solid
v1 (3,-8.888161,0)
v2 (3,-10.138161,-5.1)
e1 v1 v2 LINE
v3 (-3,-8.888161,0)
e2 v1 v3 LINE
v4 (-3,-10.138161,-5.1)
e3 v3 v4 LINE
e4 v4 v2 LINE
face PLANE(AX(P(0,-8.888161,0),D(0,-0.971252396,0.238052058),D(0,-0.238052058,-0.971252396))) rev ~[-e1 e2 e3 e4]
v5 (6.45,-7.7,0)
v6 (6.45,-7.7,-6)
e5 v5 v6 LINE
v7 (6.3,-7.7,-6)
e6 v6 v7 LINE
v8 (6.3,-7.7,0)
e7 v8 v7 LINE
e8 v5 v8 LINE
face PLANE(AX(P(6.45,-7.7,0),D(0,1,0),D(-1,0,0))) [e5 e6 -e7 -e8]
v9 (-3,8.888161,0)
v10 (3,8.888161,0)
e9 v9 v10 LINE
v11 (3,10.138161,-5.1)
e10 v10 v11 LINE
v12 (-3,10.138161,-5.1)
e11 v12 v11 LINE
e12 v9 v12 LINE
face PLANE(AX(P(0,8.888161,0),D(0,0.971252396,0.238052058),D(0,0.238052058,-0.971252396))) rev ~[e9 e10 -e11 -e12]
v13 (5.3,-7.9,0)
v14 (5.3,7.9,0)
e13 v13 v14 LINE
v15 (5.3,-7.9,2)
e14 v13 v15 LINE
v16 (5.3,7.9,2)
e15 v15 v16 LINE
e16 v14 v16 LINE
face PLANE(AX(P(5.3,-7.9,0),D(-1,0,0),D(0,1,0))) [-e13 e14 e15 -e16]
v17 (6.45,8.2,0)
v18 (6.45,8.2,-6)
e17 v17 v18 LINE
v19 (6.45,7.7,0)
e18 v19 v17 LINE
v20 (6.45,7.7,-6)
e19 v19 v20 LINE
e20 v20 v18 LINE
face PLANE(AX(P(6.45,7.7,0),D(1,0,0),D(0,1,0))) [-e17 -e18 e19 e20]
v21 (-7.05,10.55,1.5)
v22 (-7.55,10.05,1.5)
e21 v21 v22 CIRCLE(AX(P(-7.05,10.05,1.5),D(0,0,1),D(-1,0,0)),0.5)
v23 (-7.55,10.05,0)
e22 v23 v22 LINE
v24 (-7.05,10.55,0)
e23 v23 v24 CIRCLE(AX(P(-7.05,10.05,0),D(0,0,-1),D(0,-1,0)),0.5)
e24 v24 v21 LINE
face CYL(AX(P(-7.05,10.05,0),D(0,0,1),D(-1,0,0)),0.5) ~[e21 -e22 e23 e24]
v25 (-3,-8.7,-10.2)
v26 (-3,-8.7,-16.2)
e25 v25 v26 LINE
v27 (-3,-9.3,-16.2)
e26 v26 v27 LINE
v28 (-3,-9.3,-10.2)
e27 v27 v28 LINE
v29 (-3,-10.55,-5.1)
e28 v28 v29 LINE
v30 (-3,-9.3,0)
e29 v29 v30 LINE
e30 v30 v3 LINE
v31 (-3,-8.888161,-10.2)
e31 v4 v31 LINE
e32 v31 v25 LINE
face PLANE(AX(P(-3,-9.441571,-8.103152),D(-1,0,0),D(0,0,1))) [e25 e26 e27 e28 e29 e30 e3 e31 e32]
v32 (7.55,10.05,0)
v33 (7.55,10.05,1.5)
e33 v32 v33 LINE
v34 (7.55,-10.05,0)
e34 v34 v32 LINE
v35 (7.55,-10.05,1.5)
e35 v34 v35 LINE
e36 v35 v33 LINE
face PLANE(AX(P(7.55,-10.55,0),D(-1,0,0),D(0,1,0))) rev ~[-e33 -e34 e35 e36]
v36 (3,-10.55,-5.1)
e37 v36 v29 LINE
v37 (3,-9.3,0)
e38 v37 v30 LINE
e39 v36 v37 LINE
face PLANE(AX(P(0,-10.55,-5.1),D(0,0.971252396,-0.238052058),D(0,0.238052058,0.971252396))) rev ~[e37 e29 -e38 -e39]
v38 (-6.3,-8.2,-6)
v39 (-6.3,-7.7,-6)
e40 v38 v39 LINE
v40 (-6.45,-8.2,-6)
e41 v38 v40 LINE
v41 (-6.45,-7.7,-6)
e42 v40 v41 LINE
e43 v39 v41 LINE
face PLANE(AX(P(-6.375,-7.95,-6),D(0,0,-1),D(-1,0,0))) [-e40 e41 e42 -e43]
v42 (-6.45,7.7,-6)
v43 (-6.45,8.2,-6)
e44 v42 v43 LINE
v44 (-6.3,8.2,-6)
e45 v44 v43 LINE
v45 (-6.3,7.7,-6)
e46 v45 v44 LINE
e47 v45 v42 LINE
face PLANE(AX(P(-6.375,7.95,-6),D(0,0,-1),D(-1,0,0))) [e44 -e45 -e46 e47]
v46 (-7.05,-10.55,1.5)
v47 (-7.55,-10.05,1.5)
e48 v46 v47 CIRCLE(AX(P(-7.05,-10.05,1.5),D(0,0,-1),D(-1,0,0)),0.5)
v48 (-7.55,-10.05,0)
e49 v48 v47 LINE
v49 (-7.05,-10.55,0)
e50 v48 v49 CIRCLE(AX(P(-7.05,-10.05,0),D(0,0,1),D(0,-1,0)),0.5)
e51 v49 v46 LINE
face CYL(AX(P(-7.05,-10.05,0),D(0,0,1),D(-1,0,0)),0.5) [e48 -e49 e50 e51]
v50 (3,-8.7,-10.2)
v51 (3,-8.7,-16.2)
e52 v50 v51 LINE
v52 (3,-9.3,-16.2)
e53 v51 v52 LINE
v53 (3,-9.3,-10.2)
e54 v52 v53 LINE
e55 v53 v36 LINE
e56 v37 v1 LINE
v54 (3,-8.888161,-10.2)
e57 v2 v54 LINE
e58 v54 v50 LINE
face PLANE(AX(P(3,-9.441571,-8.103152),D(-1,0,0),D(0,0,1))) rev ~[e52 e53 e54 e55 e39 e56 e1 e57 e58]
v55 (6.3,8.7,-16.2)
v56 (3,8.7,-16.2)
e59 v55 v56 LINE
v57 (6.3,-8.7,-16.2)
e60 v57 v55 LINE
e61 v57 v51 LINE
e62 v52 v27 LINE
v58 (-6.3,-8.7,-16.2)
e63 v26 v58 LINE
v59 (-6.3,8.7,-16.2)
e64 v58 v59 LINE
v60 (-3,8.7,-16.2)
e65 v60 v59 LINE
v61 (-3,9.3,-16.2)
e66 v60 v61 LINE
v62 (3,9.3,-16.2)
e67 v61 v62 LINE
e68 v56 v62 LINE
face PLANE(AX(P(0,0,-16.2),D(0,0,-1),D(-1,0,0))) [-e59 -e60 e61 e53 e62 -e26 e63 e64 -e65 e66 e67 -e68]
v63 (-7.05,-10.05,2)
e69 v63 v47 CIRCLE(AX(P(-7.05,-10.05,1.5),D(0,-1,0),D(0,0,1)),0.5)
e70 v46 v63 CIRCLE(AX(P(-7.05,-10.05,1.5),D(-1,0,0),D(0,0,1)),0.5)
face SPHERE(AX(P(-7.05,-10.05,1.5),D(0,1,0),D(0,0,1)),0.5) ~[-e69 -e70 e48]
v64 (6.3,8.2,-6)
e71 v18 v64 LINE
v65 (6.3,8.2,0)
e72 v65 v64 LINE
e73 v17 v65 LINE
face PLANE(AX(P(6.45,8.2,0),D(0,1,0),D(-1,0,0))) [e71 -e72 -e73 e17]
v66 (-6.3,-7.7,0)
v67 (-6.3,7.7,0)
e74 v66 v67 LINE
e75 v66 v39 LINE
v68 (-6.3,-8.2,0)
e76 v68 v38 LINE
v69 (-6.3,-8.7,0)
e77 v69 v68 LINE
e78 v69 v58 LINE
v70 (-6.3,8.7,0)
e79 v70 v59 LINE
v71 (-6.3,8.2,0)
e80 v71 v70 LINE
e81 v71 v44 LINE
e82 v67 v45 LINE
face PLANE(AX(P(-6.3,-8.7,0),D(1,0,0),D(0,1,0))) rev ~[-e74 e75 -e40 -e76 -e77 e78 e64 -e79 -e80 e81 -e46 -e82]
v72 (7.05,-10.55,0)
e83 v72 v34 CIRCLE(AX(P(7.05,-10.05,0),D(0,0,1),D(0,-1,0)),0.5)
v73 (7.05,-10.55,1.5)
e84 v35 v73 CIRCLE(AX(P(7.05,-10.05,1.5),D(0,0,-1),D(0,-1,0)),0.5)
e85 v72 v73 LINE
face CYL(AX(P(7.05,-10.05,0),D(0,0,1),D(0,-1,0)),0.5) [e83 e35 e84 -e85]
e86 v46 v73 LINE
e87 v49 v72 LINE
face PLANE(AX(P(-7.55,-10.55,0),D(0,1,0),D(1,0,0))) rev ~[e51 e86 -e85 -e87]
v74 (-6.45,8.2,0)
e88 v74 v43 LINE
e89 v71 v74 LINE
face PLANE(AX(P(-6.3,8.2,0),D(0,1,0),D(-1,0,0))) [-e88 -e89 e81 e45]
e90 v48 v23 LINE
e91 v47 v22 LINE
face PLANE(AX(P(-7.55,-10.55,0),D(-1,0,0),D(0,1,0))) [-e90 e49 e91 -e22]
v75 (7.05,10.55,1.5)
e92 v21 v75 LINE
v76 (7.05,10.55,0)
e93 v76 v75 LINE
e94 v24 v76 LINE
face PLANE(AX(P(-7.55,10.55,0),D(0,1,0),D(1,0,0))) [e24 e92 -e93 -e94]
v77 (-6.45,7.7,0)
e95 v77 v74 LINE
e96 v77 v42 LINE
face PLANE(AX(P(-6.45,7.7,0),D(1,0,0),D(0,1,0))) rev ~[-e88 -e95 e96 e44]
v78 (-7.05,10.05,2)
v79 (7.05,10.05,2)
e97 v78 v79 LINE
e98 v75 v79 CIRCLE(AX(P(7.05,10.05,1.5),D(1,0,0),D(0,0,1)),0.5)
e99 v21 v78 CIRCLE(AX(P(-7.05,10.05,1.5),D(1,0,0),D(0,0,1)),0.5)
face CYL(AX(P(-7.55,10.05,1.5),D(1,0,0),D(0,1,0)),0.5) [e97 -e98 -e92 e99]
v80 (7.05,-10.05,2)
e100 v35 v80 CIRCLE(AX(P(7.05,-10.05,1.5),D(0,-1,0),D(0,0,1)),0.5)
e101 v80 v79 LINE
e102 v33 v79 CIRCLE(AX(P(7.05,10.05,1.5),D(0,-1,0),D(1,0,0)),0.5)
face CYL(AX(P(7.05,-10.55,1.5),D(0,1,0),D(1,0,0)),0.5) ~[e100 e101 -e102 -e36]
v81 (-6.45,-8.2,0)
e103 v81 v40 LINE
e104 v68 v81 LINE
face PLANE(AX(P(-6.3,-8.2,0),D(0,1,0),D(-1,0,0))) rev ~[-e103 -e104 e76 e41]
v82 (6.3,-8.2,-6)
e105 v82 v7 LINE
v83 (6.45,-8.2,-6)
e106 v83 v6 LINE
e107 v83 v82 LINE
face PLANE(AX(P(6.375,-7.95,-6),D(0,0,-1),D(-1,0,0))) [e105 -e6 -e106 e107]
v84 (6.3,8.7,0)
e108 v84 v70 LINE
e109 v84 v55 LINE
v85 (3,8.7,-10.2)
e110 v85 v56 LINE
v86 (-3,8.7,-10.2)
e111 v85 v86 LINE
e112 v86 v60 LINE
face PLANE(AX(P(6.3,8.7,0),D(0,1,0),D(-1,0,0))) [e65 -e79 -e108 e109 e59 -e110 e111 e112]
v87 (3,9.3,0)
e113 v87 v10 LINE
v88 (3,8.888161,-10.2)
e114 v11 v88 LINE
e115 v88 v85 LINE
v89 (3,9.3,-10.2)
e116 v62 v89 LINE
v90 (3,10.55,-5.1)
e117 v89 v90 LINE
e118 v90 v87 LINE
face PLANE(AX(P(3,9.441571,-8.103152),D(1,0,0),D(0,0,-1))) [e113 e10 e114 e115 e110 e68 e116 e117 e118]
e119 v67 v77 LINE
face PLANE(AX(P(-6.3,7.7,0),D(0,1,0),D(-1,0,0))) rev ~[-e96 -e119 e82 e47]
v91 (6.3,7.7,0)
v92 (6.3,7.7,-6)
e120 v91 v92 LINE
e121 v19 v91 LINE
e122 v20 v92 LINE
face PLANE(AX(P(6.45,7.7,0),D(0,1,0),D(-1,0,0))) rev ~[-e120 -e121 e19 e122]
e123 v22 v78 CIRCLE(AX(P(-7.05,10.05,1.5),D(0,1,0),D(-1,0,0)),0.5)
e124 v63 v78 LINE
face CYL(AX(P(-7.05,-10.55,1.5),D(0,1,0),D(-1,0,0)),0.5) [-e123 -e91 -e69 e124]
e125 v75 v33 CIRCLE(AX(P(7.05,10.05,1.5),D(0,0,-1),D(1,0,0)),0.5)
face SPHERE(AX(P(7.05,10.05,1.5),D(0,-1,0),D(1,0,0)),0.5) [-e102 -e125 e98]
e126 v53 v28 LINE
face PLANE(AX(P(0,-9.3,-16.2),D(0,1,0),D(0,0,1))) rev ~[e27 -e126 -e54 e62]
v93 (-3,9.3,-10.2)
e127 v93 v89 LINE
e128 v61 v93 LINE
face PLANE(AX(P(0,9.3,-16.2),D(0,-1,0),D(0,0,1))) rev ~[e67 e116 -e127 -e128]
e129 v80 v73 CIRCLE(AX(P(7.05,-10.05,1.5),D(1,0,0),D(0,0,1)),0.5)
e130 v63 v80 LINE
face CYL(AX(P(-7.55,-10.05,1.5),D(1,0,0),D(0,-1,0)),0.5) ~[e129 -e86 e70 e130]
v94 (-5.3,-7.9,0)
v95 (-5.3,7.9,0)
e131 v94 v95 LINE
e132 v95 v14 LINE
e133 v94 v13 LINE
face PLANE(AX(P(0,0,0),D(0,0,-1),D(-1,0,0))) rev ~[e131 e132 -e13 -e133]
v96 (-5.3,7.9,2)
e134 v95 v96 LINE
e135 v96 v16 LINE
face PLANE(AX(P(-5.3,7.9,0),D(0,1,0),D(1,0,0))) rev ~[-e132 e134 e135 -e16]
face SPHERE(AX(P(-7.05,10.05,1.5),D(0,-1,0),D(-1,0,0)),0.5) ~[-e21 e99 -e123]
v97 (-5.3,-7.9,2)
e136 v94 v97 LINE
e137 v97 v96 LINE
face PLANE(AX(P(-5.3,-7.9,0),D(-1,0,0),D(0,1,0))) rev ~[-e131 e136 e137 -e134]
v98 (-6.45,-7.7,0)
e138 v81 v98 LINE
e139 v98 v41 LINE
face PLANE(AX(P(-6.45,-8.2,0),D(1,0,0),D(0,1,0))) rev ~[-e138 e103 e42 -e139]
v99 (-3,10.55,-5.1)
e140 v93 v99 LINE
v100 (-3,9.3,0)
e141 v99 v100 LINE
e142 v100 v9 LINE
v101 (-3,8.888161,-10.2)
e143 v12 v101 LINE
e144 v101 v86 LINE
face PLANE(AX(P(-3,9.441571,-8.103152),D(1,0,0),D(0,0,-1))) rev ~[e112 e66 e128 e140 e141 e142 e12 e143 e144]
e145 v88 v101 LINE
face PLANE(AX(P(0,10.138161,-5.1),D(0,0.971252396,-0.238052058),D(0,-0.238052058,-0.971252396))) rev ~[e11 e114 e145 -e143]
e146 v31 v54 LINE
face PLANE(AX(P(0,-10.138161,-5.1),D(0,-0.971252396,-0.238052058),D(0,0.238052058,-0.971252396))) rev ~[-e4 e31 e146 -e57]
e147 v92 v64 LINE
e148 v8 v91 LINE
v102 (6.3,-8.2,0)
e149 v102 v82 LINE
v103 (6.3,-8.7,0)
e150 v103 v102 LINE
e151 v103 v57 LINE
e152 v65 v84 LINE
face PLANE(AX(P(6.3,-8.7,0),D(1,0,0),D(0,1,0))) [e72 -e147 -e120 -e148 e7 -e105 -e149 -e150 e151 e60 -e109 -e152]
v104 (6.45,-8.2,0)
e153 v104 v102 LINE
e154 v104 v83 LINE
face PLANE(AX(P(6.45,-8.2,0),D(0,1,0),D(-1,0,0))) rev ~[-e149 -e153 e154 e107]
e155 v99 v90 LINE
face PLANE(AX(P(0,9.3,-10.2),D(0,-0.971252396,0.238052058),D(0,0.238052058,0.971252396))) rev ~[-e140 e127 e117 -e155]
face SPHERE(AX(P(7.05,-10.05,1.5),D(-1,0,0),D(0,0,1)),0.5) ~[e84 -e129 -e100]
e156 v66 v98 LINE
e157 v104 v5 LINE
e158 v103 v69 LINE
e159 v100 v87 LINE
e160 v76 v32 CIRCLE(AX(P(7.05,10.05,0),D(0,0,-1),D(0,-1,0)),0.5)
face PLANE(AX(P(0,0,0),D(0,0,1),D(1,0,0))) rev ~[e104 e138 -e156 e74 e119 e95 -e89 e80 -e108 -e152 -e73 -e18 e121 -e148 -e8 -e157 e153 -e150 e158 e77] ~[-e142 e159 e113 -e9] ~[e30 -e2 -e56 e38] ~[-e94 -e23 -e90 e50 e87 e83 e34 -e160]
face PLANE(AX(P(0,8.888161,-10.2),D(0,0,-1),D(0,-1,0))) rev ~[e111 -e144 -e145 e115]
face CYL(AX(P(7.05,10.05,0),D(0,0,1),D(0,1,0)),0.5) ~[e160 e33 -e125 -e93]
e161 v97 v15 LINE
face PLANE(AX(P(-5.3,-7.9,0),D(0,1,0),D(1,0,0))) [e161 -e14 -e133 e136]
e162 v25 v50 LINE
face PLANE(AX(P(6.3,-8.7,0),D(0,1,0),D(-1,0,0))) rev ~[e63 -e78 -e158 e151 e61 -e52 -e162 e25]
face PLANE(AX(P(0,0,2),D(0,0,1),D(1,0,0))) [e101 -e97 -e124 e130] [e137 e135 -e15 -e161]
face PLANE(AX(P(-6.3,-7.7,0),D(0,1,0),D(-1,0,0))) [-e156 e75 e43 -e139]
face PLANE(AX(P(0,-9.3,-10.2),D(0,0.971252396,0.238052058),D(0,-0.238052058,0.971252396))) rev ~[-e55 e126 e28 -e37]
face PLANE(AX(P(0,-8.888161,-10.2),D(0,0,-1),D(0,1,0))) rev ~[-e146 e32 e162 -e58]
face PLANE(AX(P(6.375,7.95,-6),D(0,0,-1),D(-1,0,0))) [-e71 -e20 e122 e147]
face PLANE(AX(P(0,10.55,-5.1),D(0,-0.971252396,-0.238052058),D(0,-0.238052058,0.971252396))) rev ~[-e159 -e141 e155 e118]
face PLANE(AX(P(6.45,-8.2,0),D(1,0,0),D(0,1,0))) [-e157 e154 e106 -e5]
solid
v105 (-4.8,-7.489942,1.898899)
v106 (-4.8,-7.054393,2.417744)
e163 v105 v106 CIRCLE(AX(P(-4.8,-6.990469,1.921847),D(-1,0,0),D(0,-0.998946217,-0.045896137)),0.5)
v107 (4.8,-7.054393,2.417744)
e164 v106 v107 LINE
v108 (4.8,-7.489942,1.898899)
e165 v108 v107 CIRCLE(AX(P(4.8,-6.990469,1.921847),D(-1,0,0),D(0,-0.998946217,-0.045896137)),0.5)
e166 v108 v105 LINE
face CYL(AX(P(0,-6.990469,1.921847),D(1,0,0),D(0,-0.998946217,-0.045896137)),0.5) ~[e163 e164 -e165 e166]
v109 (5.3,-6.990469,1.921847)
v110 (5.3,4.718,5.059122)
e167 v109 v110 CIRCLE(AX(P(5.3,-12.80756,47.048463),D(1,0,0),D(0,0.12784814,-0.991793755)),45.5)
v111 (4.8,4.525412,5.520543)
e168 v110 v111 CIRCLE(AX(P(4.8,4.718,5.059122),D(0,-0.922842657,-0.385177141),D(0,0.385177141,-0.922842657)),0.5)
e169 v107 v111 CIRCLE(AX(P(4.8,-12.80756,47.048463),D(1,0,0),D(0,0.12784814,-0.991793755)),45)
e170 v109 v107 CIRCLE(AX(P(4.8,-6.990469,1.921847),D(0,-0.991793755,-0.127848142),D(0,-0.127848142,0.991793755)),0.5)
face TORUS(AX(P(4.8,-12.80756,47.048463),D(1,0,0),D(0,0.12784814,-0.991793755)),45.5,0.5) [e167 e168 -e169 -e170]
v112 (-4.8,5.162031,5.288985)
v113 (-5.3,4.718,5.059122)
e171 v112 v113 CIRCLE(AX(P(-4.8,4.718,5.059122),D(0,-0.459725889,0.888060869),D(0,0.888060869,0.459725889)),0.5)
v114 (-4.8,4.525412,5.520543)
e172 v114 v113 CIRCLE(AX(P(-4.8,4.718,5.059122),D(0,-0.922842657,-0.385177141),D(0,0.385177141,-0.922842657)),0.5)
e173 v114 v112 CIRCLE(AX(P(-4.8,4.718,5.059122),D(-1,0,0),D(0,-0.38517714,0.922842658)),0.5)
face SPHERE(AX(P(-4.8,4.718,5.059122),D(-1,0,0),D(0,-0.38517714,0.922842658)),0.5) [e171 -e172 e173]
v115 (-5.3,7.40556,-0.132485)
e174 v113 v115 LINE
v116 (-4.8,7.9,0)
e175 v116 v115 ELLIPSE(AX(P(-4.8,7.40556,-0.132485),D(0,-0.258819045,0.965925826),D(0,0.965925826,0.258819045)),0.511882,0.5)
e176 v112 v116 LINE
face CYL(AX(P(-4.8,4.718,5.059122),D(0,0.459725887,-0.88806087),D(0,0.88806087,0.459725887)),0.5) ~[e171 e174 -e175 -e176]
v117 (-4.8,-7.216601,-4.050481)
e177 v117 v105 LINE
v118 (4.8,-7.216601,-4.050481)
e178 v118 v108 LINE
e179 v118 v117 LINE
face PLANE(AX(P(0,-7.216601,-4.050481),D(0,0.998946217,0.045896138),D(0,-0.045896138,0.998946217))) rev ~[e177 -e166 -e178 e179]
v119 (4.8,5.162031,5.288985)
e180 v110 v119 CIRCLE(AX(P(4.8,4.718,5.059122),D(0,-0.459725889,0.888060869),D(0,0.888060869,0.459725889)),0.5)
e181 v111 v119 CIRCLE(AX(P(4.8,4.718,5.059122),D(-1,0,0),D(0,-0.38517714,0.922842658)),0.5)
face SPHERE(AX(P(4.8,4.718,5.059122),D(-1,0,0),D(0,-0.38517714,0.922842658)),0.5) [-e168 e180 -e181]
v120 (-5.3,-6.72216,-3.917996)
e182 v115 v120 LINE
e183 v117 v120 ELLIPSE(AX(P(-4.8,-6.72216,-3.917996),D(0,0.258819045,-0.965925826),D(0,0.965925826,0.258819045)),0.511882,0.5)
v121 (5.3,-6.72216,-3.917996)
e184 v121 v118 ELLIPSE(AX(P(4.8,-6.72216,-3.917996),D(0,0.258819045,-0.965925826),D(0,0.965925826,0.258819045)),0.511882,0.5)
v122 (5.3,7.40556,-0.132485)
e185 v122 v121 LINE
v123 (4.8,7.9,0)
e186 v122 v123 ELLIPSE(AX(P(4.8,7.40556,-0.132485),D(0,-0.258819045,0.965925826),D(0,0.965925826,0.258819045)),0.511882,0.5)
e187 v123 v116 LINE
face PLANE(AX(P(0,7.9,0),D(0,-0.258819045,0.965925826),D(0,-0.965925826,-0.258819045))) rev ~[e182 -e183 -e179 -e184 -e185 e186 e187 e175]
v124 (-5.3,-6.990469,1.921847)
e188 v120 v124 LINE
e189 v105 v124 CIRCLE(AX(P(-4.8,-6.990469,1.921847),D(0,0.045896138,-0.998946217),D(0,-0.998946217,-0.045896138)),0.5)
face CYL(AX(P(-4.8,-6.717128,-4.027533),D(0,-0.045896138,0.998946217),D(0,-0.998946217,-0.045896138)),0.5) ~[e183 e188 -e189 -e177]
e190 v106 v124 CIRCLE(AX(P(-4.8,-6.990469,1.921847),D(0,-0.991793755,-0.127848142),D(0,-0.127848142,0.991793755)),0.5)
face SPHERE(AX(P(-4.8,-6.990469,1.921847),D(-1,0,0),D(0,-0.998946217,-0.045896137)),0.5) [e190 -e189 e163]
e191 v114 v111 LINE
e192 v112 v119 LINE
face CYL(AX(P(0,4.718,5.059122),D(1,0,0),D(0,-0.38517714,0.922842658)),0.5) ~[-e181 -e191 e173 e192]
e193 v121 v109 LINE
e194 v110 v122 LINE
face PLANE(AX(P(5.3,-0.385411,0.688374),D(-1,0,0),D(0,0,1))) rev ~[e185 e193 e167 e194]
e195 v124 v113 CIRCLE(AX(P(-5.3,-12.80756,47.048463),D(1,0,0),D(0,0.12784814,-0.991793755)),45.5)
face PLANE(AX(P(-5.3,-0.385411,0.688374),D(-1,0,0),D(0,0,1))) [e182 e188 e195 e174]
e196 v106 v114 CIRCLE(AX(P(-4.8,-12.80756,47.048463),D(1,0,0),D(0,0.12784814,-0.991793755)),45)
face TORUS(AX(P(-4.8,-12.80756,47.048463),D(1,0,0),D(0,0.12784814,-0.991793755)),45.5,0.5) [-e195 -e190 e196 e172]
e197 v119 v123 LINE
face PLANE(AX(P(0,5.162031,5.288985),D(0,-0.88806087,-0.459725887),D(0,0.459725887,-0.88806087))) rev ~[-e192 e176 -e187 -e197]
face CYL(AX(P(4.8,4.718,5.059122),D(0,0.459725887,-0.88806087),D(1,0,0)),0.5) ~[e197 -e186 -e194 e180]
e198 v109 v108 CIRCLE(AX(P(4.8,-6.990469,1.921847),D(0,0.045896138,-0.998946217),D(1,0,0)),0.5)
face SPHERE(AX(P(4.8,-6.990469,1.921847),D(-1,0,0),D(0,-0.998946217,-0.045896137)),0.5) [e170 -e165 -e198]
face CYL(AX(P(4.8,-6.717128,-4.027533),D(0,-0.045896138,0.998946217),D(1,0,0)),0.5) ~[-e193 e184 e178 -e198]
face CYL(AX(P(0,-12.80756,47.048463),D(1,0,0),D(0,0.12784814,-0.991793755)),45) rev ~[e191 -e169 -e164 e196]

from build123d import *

# Parameters (mm, degrees)
SKETCH1_W           = 15.1
SKETCH1_H           = 21.1
SKETCH1_W_2         = 10.6
SKETCH1_H_2         = 15.8
BOSS_EXTRUDE1_DEPTH = 2
FILLET2_R           = 0.5
SKETCH2_W           = 12.6
SKETCH2_H           = 17.4
BOSS_EXTRUDE2_DEPTH = 16.2
SKETCH3_W           = 0.15
SKETCH3_H           = 0.5
BOSS_EXTRUDE3_DEPTH = 6
BOSS_EXTRUDE4_DEPTH = 3
BOSS_EXTRUDE5_DEPTH = 5.3
FILLET3_R           = 0.5


with BuildPart() as part:
    # Sketch1 → Boss-Extrude1 (new body)
    with BuildSketch(Plane.XY):
        Rectangle(SKETCH1_W, SKETCH1_H)
        Rectangle(SKETCH1_W_2, SKETCH1_H_2, mode=Mode.SUBTRACT)
    extrude(amount=BOSS_EXTRUDE1_DEPTH)

    # Fillet2
    fillet2_edges = [part.edges().sort_by_distance(p)[0] for p in [
        (-7.55, 0, 2),
        (0, -10.55, 2),
        (7.55, 0, 2),
        (7.55, -10.55, 1),
        (-7.55, -10.55, 1),
        (-7.55, 10.55, 1),
        (7.55, 10.55, 1),
        (0, 10.55, 2),
    ]]
    fillet(fillet2_edges, radius=FILLET2_R)

    # Sketch2 → Boss-Extrude2 (add)
    with BuildSketch(Plane(origin=(0, 0, 0), x_dir=(-1, 0, 0), z_dir=(0, 0, -1))):
        Rectangle(SKETCH2_W, SKETCH2_H)
    extrude(amount=BOSS_EXTRUDE2_DEPTH)

    # Sketch3 → Boss-Extrude3 (add)
    with BuildSketch(Plane(origin=(0, 0, 0), x_dir=(-1, 0, 0), z_dir=(0, 0, -1))):
        with Locations((-6.375, 7.95)):
            Rectangle(SKETCH3_W, SKETCH3_H)
        with Locations((6.375, 7.95)):
            Rectangle(SKETCH3_W, SKETCH3_H)
        with Locations((6.375, -7.95)):
            Rectangle(SKETCH3_W, SKETCH3_H)
        with Locations((-6.375, -7.95)):
            Rectangle(SKETCH3_W, SKETCH3_H)
    extrude(amount=BOSS_EXTRUDE3_DEPTH)

    # Sketch4 → Boss-Extrude4 (add, symmetric)
    with BuildSketch(Plane(origin=(0, 0, 0), x_dir=(0, 0, -1), z_dir=(1, 0, 0))):
        Polygon((16.2, 8.7), (16.2, 9.3), (10.2, 9.3), (5.1, 10.55), (0, 9.3), (0, 8.888160604), (5.1, 10.138160604), (10.2, 8.888160604), (10.2, 8.7), align=None)
        Polygon((10.2, -8.7), (16.2, -8.7), (16.2, -9.3), (10.2, -9.3), (5.1, -10.55), (0, -9.3), (0, -8.888160604), (5.1, -10.138160604), (10.2, -8.888160604), align=None)
    extrude(amount=BOSS_EXTRUDE4_DEPTH, both=True)


with BuildPart() as body_2:
    # Sketch5 → Boss-Extrude5 (new, symmetric)
    with BuildSketch(Plane(origin=(0, 0, 0), x_dir=(0, 0, -1), z_dir=(1, 0, 0))):
        with BuildLine():
            Line((-5.288985027, 5.162030775), (0, 7.9))
            Line((0, 7.9), (4.050480947, -7.21660069))
            Line((4.050480947, -7.21660069), (-1.898899059, -7.489942299))
            ThreePointArc((-1.898899059, -7.489942299), (-2.243321676, -7.373423646), (-2.417744006, -7.054393261))
            ThreePointArc((-2.417744006, -7.054393261), (-3.581800812, -1.160702529), (-5.520543412, 4.525411769))
            ThreePointArc((-5.520543412, 4.525411769), (-5.529004436, 4.888911353), (-5.288985027, 5.162030775))
        make_face()
    extrude(amount=BOSS_EXTRUDE5_DEPTH, both=True)

    # Fillet3
    fillet3_edges = [body_2.edges().sort_by_distance(p)[0] for p in [
        (5.3, 4.888911353, 5.529004436),
        (5.3, -1.160702529, 3.581800812),
        (5.3, -7.373423646, 2.243321676),
        (5.3, -7.353271495, -1.075790944),
        (-5.3, -7.353271495, -1.075790944),
        (-5.3, -7.373423646, 2.243321676),
        (-5.3, -1.160702529, 3.581800812),
        (-5.3, 4.888911353, 5.529004436),
        (-5.3, 6.531015387, 2.644492513),
        (5.3, 6.531015387, 2.644492513),
    ]]
    fillet(fillet3_edges, radius=FILLET3_R)


solid = Compound([part.part, body_2.part])
